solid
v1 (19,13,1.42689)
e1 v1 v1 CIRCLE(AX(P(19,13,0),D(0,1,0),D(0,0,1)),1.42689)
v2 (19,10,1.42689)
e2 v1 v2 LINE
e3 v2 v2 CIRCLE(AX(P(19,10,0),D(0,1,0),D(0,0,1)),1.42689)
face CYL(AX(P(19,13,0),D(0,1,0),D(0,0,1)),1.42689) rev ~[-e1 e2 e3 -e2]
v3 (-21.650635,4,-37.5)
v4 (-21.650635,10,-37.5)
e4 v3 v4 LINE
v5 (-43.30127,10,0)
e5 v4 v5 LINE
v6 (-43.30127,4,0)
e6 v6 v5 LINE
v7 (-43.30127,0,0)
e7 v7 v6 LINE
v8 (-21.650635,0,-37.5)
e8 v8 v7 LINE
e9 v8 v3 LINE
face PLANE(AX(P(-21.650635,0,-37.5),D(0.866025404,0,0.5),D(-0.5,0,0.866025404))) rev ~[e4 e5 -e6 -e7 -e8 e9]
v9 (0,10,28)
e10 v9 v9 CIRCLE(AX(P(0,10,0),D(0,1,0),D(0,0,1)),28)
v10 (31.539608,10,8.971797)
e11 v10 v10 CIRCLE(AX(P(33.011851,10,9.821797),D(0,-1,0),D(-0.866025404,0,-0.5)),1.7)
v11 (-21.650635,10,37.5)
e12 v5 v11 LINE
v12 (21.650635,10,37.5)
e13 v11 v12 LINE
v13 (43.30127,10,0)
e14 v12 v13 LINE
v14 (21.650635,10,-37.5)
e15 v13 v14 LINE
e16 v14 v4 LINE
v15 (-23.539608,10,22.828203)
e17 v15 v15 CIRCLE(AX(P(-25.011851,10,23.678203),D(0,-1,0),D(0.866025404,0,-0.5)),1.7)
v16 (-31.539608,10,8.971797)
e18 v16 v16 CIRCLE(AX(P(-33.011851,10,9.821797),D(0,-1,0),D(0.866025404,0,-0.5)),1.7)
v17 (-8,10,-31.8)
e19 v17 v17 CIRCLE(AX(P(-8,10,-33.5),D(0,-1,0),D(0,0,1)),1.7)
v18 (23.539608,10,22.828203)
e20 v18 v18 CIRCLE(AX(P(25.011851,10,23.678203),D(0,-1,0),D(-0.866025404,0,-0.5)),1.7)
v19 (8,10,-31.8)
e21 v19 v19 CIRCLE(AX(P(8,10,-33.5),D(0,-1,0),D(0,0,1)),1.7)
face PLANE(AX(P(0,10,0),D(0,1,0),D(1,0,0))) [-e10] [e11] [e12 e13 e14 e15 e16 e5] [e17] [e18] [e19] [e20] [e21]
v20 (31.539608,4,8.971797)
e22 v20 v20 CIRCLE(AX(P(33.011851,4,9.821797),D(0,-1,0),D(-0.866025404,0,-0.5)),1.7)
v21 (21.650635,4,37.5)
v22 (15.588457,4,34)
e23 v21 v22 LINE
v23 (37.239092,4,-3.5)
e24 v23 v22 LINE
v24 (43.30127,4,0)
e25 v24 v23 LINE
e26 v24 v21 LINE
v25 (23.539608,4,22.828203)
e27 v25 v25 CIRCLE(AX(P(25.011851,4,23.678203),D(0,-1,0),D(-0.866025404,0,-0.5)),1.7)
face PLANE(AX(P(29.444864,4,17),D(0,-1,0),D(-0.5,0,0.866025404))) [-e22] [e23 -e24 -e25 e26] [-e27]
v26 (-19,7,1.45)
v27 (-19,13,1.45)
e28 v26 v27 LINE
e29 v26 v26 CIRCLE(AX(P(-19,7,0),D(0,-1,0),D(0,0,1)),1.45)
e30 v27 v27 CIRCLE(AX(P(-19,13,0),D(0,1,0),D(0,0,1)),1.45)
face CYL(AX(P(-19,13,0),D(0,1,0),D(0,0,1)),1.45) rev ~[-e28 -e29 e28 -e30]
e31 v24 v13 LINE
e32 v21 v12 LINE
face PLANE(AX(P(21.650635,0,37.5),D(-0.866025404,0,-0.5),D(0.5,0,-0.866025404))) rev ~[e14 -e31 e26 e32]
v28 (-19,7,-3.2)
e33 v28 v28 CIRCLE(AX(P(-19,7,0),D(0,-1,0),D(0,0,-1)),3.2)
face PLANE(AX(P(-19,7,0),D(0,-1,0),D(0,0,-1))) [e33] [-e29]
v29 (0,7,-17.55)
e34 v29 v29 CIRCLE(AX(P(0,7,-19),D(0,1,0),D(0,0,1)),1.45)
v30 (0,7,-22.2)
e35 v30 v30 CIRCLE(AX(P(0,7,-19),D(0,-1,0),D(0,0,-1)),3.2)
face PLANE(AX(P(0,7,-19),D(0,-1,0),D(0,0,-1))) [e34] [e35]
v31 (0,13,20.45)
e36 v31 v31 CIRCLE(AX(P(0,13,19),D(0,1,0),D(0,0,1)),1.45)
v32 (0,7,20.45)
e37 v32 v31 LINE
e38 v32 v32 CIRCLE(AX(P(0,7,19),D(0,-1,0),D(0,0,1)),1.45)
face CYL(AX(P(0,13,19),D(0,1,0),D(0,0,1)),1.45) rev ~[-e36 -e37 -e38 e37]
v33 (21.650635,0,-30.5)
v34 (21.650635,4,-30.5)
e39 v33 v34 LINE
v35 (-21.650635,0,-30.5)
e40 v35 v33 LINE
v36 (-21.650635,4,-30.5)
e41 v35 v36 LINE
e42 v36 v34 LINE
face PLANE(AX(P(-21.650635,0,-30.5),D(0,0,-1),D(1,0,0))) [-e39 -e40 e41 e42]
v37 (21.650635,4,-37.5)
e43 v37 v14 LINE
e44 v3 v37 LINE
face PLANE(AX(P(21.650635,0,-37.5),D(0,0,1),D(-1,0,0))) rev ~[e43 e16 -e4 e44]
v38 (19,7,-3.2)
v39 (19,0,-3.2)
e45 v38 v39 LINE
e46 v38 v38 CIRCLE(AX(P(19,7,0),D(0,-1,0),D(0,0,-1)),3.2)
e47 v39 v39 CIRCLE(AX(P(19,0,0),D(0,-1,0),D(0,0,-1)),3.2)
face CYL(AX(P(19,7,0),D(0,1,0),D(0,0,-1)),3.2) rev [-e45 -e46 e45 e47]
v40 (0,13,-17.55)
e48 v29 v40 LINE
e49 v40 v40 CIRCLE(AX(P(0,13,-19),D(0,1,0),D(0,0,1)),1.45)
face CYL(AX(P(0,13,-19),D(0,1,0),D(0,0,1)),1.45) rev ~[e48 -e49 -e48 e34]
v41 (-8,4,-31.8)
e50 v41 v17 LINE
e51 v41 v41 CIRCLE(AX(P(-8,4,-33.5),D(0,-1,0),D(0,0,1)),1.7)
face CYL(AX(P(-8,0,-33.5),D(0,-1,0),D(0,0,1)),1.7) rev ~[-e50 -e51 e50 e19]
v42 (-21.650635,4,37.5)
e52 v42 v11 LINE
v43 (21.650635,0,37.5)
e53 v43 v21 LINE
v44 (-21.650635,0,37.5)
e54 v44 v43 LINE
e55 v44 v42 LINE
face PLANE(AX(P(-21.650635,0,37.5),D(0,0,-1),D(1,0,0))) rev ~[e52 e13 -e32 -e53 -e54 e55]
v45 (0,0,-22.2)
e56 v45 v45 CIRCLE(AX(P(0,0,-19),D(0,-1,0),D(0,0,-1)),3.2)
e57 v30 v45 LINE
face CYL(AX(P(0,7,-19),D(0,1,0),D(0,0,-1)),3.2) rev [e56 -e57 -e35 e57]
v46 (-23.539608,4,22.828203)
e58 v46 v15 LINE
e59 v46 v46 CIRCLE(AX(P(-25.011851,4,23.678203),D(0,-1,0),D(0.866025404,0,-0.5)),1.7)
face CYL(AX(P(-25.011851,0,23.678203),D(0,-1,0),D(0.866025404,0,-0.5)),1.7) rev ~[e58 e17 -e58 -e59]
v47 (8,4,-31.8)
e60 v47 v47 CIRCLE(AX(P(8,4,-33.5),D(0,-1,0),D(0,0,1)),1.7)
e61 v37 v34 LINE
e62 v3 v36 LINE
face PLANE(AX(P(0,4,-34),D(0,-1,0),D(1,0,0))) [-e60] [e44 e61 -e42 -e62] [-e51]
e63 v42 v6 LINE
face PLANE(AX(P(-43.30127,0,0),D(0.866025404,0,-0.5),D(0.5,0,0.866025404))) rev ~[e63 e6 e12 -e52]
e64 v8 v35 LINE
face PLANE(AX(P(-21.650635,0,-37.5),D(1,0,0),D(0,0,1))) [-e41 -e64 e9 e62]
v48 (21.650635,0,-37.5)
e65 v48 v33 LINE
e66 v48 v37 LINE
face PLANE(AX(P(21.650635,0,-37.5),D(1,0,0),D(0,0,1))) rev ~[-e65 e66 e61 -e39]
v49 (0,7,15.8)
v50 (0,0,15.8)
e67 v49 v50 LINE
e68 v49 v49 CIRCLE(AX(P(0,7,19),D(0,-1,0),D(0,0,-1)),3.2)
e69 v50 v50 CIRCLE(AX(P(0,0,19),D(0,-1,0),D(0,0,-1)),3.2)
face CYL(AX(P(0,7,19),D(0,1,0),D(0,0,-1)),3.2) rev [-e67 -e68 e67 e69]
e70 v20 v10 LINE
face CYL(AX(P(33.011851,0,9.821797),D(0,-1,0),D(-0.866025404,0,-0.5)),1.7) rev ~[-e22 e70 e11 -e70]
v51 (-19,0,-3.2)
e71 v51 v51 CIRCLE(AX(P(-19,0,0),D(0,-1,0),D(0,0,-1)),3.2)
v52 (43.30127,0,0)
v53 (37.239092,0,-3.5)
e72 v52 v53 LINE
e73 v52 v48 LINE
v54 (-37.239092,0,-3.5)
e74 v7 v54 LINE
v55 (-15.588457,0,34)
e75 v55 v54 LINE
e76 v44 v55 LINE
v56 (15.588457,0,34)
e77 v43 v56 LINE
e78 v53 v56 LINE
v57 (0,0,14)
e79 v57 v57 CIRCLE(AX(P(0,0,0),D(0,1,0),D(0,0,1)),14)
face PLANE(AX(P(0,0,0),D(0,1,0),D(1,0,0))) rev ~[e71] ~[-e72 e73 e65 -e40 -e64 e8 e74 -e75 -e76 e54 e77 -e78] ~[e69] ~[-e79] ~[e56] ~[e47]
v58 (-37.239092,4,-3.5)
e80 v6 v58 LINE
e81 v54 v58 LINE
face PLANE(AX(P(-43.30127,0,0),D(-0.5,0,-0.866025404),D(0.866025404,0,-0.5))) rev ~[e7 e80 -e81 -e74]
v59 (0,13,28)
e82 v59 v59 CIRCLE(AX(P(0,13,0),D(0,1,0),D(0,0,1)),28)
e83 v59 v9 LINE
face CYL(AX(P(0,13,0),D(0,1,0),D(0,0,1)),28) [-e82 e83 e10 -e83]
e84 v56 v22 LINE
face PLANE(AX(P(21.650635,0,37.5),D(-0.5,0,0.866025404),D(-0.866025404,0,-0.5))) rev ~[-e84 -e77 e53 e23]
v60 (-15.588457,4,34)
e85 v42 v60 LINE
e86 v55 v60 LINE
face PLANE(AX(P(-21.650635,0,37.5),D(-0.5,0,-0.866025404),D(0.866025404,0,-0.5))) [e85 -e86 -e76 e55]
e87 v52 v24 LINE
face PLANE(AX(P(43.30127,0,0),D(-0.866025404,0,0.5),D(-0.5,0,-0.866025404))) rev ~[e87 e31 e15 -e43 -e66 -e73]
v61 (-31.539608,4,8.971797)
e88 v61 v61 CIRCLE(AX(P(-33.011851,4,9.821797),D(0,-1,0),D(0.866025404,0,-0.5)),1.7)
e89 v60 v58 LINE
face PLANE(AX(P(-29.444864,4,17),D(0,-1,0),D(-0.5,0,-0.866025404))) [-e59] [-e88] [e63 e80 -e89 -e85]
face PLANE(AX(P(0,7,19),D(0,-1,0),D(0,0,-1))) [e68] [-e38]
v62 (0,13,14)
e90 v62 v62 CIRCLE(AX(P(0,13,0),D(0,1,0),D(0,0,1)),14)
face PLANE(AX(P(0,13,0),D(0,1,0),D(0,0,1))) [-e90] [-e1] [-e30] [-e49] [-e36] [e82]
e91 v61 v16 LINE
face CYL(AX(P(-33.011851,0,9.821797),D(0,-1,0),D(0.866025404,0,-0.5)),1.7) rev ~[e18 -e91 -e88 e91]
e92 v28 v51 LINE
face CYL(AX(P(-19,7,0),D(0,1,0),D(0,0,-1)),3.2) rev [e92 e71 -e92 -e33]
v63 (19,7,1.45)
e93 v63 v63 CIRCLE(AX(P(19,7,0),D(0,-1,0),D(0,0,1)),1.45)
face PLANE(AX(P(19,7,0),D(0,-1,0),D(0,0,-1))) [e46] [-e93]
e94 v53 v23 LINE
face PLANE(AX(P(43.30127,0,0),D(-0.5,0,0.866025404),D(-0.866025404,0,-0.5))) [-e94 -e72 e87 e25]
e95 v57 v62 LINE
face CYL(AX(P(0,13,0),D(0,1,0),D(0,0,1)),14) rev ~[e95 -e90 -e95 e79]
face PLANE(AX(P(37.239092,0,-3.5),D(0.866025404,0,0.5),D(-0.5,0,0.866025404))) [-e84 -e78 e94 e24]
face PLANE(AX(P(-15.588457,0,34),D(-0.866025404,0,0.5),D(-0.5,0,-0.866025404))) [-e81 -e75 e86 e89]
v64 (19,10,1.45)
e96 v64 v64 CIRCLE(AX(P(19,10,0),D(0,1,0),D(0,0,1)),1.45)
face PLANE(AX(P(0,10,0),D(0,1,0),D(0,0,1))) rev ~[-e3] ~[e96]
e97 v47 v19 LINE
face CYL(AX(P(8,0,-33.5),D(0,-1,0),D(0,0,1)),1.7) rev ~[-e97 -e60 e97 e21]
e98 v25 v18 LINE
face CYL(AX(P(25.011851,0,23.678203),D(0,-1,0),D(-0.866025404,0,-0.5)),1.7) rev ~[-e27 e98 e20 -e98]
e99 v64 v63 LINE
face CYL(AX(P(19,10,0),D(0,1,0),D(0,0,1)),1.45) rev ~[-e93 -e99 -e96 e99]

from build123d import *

# Parameters (mm, degrees)
EXTRUDE_1_DEPTH          = 10
SKETCH_2_R               = 1.45
SKETCH_2_R_2             = 14
CUT_EXTRUDE_1_DEPTH      = 10
CUT_EXTRUDE_START        = -7
SKETCH_4_R               = 3.2
SKETCH_4_R_2             = 1.45
CUT_EXTRUDE_2_DEPTH      = 7
SKETCH_4_3_W             = 43.30127019
SKETCH_4_3_H             = 7
CUT_EXTRUDE_3_DEPTH      = 4
SKETCH_4_4_R             = 1.7
CUT_EXTRUDE_4_DEPTH      = 41
EXTRUDE_START            = 3
SKETCH_5_R               = 28
SKETCH_5_R_2             = 14
SKETCH_5_R_3             = 1.426889677
SKETCH_5_R_4             = 1.45
EXTRUDE_2_DEPTH          = 3
PATTERN_CIRCULAR_1_COUNT = 3


with BuildPart() as part:
    # 草图1 → 凸台-拉伸1 (new body)
    with BuildSketch(Plane(origin=(0, 0, 0), x_dir=(1, 0, 0), z_dir=(0, 1, 0))):
        Polygon((43.301270189, 0), (21.650635095, 37.5), (-21.650635095, 37.5), (-43.301270189, 0), (-21.650635095, -37.5), (21.650635095, -37.5), align=None)
    extrude(amount=EXTRUDE_1_DEPTH)

    # 草图2 → 切除-拉伸1 (cut)
    with BuildSketch(Plane(origin=(0, 10, 0), x_dir=(1, 0, 0), z_dir=(0, 1, 0))):
        with Locations((0, 19)):
            Circle(SKETCH_2_R)
        with Locations((19, 0)):
            Circle(SKETCH_2_R)
        with Locations((0, -19)):
            Circle(SKETCH_2_R)
        with Locations((-19, 0)):
            Circle(SKETCH_2_R)
        Circle(SKETCH_2_R_2)
    extrude(amount=-CUT_EXTRUDE_1_DEPTH, mode=Mode.SUBTRACT)

    # 草图4 → 切除-拉伸2 (cut)
    # profile 1 of 4: a face of its own
    with BuildSketch(Plane.XZ.offset(CUT_EXTRUDE_START)):
        with Locations((-19, 0)):
            Circle(SKETCH_4_R)
        with Locations((-19, 0)):
            Circle(SKETCH_4_R_2, mode=Mode.SUBTRACT)
    # profile 2 of 4: a face of its own
    with BuildSketch(Plane.XZ.offset(CUT_EXTRUDE_START)):
        with Locations((0, -19)):
            Circle(SKETCH_4_R)
    # profile 3 of 4: a face of its own
    with BuildSketch(Plane.XZ.offset(CUT_EXTRUDE_START)):
        with Locations((19, 0)):
            Circle(SKETCH_4_R)
        with Locations((19, 0)):
            Circle(SKETCH_4_R_2, mode=Mode.SUBTRACT)
    # profile 4 of 4: a face of its own
    with BuildSketch(Plane.XZ.offset(CUT_EXTRUDE_START)):
        with Locations((0, 19)):
            Circle(SKETCH_4_R)
        with Locations((0, 19)):
            Circle(SKETCH_4_R_2, mode=Mode.SUBTRACT)
    extrude(amount=CUT_EXTRUDE_2_DEPTH, mode=Mode.SUBTRACT)

    # 草图4<3> → 切除-拉伸3 (cut)
    with BuildSketch(Plane.XZ):
        with Locations((0, -34)):
            Rectangle(SKETCH_4_3_W, SKETCH_4_3_H)
    cut_extrude_3 = extrude(amount=-CUT_EXTRUDE_3_DEPTH, mode=Mode.SUBTRACT)

    # 草图4<4> → 切除-拉伸4 (cut)
    with BuildSketch(Plane.XZ):
        with Locations((8, -33.5)):
            Circle(SKETCH_4_4_R)
        with Locations((-8, -33.5)):
            Circle(SKETCH_4_4_R)
    cut_extrude_4 = extrude(amount=-CUT_EXTRUDE_4_DEPTH, mode=Mode.SUBTRACT)

    # 草图5 → 凸台-拉伸2 (add)
    with BuildSketch(Plane(origin=(0, 10, 0), x_dir=(1, 0, 0), z_dir=(0, 1, 0)).offset(EXTRUDE_START)):
        Circle(SKETCH_5_R)
        Circle(SKETCH_5_R_2, mode=Mode.SUBTRACT)
        with Locations((19, 0)):
            Circle(SKETCH_5_R_3, mode=Mode.SUBTRACT)
        with Locations((0, 19)):
            Circle(SKETCH_5_R_4, mode=Mode.SUBTRACT)
        with Locations((-19, 0)):
            Circle(SKETCH_5_R_4, mode=Mode.SUBTRACT)
        with Locations((0, -19)):
            Circle(SKETCH_5_R_4, mode=Mode.SUBTRACT)
    extrude(amount=-EXTRUDE_2_DEPTH)

    # 阵列(圆周)1: 切除-拉伸3, 切除-拉伸4 ×3 about axis
    pattern_circular_1_axis = Axis((0, 0, 0), (0, 1, 0))
    add([cut_extrude_3.rotate(pattern_circular_1_axis, i * 360 / PATTERN_CIRCULAR_1_COUNT) for i in range(1, PATTERN_CIRCULAR_1_COUNT)], mode=Mode.SUBTRACT)
    add([cut_extrude_4.rotate(pattern_circular_1_axis, i * 360 / PATTERN_CIRCULAR_1_COUNT) for i in range(1, PATTERN_CIRCULAR_1_COUNT)], mode=Mode.SUBTRACT)


solid = part.part
